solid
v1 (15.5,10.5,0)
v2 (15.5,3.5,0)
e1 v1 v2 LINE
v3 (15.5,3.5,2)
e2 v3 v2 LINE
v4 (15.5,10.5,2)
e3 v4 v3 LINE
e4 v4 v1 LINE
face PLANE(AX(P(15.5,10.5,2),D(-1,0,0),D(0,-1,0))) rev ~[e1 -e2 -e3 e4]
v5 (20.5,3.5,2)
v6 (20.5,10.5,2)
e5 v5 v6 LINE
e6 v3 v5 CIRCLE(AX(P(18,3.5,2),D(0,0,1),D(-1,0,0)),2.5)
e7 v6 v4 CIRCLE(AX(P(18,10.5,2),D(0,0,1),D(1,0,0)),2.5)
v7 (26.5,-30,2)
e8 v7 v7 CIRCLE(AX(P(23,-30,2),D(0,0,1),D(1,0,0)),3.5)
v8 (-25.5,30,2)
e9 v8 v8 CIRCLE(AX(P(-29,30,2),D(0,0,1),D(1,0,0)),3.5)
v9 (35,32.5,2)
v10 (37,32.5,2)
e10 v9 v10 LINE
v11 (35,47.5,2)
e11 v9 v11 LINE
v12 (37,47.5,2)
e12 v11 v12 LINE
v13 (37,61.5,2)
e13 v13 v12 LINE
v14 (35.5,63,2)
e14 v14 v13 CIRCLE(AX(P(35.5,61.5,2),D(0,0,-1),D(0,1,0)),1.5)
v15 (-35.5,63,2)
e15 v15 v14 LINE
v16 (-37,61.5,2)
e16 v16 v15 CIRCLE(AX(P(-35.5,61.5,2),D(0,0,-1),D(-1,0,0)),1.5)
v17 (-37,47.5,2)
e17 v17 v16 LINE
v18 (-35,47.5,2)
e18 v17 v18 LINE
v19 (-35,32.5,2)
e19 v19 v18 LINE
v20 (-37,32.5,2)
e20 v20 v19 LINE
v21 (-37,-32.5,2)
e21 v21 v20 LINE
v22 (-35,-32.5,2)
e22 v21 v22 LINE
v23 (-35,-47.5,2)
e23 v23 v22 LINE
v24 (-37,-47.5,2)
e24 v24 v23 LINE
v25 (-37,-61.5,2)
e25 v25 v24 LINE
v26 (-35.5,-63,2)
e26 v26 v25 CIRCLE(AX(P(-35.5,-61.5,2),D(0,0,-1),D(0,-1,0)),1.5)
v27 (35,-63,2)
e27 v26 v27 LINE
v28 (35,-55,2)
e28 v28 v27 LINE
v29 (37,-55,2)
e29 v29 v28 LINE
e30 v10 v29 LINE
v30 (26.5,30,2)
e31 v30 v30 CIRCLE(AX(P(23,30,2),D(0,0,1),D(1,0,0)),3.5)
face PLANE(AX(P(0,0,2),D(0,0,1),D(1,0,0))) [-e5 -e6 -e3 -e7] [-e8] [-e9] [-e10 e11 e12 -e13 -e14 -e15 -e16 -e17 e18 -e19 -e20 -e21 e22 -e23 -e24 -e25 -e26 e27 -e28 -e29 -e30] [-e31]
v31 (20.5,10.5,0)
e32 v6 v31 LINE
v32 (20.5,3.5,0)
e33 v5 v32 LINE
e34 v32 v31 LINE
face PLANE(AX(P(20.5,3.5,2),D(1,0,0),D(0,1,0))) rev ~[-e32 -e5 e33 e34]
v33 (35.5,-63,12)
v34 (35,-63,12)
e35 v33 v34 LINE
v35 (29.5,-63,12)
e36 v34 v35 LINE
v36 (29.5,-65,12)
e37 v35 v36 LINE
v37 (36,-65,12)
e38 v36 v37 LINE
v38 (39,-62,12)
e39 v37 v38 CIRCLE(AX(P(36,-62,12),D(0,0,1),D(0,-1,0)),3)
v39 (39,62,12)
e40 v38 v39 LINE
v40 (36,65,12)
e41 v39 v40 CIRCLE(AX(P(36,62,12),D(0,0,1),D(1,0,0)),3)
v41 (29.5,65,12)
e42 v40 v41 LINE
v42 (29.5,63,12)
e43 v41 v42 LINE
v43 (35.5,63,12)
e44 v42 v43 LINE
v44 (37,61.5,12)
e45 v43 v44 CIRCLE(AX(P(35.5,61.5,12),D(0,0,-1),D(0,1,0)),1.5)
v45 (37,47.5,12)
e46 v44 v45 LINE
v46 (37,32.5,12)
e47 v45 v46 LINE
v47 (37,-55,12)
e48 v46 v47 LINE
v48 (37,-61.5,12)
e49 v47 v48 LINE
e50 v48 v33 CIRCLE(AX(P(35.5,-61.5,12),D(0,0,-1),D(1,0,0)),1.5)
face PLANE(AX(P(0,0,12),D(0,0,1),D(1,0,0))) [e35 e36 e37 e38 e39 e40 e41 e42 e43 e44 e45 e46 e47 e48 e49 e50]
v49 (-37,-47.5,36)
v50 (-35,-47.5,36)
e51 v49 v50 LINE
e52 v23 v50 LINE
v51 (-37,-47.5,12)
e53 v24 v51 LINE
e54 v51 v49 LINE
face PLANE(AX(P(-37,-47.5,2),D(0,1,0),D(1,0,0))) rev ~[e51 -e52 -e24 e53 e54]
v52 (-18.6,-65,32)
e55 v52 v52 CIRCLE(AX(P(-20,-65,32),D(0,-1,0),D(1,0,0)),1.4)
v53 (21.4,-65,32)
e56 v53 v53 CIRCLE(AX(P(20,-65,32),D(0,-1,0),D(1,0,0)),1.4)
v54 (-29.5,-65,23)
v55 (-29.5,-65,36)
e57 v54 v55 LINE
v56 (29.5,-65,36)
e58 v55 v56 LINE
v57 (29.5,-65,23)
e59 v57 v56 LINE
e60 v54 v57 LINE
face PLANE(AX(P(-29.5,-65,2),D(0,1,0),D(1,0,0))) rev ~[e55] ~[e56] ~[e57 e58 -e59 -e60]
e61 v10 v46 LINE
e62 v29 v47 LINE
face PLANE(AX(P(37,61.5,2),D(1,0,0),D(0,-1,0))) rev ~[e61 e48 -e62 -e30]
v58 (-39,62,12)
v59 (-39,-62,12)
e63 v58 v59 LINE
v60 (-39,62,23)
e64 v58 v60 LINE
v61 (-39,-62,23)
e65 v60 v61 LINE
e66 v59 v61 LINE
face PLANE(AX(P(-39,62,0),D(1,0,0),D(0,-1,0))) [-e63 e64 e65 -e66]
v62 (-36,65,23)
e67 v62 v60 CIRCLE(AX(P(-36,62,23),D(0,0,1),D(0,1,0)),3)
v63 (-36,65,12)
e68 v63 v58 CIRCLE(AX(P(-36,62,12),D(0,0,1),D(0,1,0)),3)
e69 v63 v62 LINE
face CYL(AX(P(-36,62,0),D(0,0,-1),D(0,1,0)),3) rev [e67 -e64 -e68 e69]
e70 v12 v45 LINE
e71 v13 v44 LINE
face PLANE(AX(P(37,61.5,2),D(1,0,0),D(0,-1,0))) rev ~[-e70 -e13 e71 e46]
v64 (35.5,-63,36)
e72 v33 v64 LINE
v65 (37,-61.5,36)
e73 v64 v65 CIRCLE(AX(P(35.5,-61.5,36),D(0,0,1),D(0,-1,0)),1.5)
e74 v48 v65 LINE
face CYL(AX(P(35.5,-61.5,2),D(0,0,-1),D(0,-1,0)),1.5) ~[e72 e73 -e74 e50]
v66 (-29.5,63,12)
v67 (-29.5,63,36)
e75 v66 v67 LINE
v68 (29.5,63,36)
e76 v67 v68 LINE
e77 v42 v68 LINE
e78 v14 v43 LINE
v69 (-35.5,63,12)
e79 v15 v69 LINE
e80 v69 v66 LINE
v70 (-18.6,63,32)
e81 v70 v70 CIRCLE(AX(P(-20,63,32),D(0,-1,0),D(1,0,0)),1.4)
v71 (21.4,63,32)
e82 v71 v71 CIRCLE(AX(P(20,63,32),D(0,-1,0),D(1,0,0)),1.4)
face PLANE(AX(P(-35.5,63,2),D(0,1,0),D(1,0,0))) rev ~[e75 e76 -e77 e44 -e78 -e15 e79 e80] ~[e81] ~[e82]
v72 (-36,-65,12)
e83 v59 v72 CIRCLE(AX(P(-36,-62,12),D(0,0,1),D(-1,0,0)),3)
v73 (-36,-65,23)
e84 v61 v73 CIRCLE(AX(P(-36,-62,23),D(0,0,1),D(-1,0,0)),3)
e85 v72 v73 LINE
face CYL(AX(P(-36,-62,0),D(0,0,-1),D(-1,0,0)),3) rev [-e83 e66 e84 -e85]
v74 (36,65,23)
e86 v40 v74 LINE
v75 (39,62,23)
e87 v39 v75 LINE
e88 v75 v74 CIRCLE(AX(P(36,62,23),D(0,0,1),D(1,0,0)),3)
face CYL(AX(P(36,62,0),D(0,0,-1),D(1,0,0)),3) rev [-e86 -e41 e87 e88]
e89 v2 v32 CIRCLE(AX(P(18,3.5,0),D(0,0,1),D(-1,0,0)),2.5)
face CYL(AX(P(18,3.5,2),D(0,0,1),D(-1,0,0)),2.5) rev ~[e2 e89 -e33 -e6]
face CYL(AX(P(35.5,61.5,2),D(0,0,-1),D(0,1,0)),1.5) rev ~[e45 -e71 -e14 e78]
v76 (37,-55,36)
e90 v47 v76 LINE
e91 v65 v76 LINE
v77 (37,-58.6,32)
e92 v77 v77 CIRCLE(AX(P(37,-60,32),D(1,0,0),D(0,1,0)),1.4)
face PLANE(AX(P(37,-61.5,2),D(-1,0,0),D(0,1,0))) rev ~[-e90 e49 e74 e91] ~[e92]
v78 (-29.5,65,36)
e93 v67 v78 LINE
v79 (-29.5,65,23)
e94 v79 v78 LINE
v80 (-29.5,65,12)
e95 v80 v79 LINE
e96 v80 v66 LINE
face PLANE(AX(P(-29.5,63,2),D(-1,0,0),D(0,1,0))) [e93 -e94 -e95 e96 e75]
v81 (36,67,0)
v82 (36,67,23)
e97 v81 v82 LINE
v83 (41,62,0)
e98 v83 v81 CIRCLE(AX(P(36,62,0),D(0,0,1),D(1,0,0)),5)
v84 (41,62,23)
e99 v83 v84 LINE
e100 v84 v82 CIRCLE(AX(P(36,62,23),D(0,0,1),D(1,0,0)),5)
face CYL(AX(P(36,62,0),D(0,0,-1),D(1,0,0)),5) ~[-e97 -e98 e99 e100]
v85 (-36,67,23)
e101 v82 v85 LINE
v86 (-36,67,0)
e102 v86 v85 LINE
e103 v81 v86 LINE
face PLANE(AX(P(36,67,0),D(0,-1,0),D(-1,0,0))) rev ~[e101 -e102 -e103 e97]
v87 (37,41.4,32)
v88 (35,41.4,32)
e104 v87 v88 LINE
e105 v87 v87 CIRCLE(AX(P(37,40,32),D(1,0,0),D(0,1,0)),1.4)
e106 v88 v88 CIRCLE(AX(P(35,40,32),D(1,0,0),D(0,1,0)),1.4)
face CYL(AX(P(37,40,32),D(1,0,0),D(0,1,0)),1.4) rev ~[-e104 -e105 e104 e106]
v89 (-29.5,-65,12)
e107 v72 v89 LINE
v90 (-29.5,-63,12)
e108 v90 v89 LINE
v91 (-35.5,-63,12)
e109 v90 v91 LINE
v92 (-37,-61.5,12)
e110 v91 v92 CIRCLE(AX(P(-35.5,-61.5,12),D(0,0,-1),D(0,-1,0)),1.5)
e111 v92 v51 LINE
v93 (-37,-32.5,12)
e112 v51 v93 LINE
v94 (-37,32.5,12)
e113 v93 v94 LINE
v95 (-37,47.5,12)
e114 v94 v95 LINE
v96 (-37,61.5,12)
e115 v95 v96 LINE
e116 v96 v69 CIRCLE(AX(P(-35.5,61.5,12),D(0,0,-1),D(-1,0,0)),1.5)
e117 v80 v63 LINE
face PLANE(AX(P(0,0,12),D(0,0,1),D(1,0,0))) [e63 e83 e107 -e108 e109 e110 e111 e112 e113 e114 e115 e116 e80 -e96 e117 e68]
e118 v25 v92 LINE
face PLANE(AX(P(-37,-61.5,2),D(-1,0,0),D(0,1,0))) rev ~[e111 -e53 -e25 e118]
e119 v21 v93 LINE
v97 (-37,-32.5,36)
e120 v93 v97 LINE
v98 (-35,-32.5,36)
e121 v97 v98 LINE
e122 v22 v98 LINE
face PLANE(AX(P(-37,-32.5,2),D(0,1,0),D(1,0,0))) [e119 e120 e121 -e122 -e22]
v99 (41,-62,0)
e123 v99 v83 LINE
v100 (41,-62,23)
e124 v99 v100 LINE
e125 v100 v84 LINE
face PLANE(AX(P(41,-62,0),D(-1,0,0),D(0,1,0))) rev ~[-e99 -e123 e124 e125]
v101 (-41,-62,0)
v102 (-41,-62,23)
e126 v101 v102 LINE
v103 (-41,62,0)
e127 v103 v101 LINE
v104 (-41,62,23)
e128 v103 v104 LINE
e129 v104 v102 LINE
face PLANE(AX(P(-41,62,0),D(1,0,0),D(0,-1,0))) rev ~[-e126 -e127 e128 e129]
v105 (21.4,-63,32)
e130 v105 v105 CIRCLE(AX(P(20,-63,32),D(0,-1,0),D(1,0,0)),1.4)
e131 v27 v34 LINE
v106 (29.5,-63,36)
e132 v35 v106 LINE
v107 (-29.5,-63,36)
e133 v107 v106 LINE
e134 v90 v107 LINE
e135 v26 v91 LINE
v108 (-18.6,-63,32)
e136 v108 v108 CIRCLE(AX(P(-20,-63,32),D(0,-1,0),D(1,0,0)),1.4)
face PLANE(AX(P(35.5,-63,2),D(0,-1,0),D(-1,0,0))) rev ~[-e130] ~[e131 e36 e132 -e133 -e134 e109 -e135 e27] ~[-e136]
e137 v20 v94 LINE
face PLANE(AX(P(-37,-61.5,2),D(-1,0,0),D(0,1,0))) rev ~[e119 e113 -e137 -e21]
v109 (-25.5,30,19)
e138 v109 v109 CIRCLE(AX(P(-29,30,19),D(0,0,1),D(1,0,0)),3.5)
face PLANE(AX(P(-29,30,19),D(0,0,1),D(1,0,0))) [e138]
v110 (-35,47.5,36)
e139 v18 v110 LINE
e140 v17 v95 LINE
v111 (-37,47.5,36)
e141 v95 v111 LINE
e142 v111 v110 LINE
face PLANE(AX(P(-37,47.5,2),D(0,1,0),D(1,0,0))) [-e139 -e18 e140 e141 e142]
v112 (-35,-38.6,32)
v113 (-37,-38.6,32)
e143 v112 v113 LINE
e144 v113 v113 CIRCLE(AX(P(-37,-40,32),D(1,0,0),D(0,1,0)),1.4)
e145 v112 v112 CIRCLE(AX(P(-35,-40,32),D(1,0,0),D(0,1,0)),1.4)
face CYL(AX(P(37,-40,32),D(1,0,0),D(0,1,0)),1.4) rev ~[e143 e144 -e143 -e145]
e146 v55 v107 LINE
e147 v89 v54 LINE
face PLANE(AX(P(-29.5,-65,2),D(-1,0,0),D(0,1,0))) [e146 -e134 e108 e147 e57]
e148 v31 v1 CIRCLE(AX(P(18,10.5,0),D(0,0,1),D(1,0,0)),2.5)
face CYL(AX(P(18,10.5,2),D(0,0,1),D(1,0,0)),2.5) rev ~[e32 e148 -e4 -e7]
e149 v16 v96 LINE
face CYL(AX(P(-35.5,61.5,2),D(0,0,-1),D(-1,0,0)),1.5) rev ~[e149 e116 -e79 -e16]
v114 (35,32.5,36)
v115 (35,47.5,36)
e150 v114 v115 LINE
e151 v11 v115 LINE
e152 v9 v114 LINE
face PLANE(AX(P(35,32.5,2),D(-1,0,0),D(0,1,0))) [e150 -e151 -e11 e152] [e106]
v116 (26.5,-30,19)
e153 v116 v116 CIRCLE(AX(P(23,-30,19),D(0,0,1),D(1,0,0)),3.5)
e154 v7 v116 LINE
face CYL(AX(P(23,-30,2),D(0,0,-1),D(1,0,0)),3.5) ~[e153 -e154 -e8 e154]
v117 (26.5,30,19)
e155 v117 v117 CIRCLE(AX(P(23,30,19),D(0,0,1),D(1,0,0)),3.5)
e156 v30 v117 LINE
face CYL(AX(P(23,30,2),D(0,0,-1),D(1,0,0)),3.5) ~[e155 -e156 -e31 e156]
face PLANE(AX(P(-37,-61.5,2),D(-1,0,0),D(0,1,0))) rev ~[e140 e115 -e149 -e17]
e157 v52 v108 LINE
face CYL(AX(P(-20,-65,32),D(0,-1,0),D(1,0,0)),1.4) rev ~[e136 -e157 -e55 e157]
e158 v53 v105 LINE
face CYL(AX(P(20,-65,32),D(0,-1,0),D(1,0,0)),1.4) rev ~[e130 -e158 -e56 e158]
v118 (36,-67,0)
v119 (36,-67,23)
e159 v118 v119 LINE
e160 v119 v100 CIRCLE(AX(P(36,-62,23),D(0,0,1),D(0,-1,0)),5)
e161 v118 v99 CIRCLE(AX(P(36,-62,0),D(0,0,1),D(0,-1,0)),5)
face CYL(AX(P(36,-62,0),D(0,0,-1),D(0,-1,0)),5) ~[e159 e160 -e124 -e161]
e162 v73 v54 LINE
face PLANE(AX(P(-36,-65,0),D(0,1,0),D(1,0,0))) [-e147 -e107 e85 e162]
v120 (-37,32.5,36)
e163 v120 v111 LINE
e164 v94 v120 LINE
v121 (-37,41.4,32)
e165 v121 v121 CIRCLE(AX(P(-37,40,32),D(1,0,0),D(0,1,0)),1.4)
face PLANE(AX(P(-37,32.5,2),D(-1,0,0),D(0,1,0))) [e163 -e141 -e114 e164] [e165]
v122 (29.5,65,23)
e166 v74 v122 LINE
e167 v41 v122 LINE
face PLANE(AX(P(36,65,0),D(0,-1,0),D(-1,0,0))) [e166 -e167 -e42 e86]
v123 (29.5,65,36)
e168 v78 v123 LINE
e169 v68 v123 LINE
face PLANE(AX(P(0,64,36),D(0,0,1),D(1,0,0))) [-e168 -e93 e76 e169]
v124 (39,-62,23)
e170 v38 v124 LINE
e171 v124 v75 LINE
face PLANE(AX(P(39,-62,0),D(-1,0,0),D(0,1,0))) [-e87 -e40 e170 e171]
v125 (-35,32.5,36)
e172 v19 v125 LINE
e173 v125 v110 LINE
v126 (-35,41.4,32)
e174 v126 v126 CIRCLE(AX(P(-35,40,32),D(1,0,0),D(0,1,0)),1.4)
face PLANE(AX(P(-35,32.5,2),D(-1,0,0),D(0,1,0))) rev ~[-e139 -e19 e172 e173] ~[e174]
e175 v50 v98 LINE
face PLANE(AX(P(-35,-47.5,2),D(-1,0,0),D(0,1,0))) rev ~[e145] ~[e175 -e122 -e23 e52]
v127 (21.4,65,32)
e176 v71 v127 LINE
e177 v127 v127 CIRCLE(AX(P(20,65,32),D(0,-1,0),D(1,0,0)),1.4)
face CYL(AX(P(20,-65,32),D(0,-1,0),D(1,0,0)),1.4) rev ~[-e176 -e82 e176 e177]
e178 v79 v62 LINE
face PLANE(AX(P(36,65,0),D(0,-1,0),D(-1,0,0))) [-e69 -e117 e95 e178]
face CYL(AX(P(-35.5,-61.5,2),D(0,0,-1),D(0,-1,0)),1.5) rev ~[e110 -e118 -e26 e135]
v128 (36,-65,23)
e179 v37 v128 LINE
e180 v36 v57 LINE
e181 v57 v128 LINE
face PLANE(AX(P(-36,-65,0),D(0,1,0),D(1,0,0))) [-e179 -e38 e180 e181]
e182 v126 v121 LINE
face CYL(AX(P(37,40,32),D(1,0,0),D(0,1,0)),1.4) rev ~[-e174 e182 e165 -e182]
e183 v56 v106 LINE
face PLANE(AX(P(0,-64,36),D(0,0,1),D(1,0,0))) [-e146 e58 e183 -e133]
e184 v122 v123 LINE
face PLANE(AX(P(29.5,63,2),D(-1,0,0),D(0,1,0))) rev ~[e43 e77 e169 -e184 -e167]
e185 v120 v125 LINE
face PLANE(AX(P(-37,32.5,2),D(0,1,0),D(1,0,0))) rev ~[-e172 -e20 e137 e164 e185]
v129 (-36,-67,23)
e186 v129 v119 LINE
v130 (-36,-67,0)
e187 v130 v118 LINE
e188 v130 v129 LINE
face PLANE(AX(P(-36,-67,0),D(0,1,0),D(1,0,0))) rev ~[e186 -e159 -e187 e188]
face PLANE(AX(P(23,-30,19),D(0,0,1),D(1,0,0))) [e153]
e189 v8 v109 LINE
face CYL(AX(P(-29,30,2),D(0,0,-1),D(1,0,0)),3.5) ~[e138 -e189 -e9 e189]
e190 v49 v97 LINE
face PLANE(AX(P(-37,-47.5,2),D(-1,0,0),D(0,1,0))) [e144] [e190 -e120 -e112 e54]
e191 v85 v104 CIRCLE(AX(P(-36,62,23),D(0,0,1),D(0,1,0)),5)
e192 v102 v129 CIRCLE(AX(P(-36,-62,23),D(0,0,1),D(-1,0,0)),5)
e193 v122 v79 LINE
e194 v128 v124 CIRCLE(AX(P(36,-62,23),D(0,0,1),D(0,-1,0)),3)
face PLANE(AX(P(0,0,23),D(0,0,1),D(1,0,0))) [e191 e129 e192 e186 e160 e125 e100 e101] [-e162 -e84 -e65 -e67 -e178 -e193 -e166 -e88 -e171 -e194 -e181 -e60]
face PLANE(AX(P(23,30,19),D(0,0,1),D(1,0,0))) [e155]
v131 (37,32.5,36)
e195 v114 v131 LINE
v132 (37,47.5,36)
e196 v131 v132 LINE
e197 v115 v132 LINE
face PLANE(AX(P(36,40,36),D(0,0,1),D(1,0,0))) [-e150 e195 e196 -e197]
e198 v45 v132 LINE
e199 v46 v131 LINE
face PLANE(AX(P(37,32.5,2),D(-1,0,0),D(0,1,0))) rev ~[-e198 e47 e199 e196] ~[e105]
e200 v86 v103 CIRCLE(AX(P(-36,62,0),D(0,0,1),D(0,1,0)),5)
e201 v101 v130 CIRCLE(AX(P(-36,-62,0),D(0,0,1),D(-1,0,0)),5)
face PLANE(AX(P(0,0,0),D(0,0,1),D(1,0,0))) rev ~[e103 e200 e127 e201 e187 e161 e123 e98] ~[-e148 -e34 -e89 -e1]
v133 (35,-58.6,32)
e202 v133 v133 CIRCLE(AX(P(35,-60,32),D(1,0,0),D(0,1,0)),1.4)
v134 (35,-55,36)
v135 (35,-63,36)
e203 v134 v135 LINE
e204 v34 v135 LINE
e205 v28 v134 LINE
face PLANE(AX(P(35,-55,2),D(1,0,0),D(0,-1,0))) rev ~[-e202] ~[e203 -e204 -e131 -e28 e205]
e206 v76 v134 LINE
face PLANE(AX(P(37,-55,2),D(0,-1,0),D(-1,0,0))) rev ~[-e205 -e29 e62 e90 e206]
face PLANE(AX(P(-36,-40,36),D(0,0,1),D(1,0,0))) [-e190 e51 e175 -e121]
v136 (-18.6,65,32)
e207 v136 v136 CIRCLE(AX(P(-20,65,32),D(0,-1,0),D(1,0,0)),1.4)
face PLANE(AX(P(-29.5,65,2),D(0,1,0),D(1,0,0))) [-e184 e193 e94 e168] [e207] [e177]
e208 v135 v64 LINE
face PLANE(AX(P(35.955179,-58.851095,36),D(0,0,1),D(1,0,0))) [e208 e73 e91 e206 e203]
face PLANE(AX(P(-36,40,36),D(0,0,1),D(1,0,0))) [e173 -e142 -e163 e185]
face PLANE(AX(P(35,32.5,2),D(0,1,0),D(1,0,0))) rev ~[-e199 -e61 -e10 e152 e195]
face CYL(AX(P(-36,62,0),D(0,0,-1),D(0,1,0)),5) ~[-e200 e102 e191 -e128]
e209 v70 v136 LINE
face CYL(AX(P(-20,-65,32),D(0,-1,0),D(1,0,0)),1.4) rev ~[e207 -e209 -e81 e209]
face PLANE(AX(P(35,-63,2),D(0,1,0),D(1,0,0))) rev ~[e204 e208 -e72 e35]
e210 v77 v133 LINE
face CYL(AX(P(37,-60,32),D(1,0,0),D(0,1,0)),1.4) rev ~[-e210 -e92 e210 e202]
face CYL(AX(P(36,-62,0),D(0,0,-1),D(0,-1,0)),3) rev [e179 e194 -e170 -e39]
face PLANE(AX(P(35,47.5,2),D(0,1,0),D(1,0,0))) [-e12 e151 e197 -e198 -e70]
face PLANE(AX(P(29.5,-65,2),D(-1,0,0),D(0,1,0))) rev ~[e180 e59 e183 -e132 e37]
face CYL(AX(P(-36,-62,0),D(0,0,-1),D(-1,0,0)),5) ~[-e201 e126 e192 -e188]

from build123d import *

# Parameters (mm, degrees)
F1_DEPTH  = 23
F2_T      = -2
F3_R      = 3.5
F4_DEPTH  = 17
F5_DEPTH  = 2
F6_DEPTH  = 10
F7_W      = 59
F7_H      = 2
F7_W_2    = 2
F7_H_2    = 15
F8_DEPTH  = 34
F9_R      = 1.4
F10_DEPTH = 132.001
F11_R     = 1.4
F12_DEPTH = 78.001


with BuildPart() as f1:
    # F0 (on Top) → F1 (new body)
    with BuildSketch(Plane.XY):
        with BuildLine():
            Line((-36, -67), (36, -67))
            ThreePointArc((36, -67), (39.5355339059, -65.5355339059), (41, -62))
            Line((41, -62), (41, 62))
            ThreePointArc((41, 62), (39.5355339059, 65.5355339059), (36, 67))
            Line((36, 67), (-36, 67))
            ThreePointArc((-36, 67), (-39.5355339059, 65.5355339059), (-41, 62))
            Line((-41, 62), (-41, -62))
            ThreePointArc((-41, -62), (-39.5355339059, -65.5355339059), (-36, -67))
        make_face()
    extrude(amount=F1_DEPTH)

    # F2
    f2_openings = [f1.faces().sort_by_distance(p)[0] for p in [
        (0, 0, 23),
    ]]
    offset(amount=F2_T, openings=f2_openings)

    # F3 (on face) → F4 (join)
    with BuildSketch(Plane.XY.offset(2)):
        with Locations((-29, 30)):
            Circle(F3_R)
        with Locations((23, 30)):
            Circle(F3_R)
        with Locations((23, -30)):
            Circle(F3_R)
    extrude(amount=F4_DEPTH)

    # F3 (on face) → F5 (cut)
    with BuildSketch(Plane.XY.offset(2)):
        with BuildLine():
            ThreePointArc((15.5, 3.5), (18, 1), (20.5, 3.5))
            Line((20.5, 3.5), (20.5, 10.5))
            ThreePointArc((20.5, 10.5), (18, 13), (15.5, 10.5))
            Line((15.5, 10.5), (15.5, 3.5))
        make_face()
    extrude(amount=-F5_DEPTH, mode=Mode.SUBTRACT)

    # F3 (on face) → F6 (join)
    with BuildSketch(Plane.XY.offset(2)):
        with BuildLine():
            Line((-36, -65), (36, -65))
            ThreePointArc((36, -65), (38.1213203436, -64.1213203436), (39, -62))
            Line((39, -62), (39, 62))
            ThreePointArc((39, 62), (38.1213203436, 64.1213203436), (36, 65))
            Line((36, 65), (-36, 65))
            ThreePointArc((-36, 65), (-38.1213203436, 64.1213203436), (-39, 62))
            Line((-39, 62), (-39, -62))
            ThreePointArc((-39, -62), (-38.1213203436, -64.1213203436), (-36, -65))
        make_face()
        with BuildLine():
            ThreePointArc((37, -61.5), (36.5606601718, -62.5606601718), (35.5, -63))
            Line((35.5, -63), (-35.5, -63))
            ThreePointArc((-35.5, -63), (-36.5606601718, -62.5606601718), (-37, -61.5))
            Line((-37, -61.5), (-37, 61.5))
            ThreePointArc((-37, 61.5), (-36.5606601718, 62.5606601718), (-35.5, 63))
            Line((-35.5, 63), (35.5, 63))
            ThreePointArc((35.5, 63), (36.5606601718, 62.5606601718), (37, 61.5))
            Line((37, 61.5), (37, -61.5))
        make_face(mode=Mode.SUBTRACT)
    extrude(amount=F6_DEPTH)

    # F7 (on face) → F8 (join)
    with BuildSketch(Plane.XY.offset(2)):
        with Locations((0, 64)):
            Rectangle(F7_W, F7_H)
        with Locations((0, -64)):
            Rectangle(F7_W, F7_H)
        with Locations((-36, 40)):
            Rectangle(F7_W_2, F7_H_2)
        with Locations((-36, -40)):
            Rectangle(F7_W_2, F7_H_2)
        with Locations((36, 40)):
            Rectangle(F7_W_2, F7_H_2)
        with BuildLine():
            Line((37, -61.5), (37, -55))
            Line((37, -55), (35, -55))
            Line((35, -55), (35, -63))
            Line((35, -63), (35.5, -63))
            ThreePointArc((35.5, -63), (36.5606601718, -62.5606601718), (37, -61.5))
        make_face()
    extrude(amount=F8_DEPTH)

    # F9 (on face) → F10 (cut, through all)
    with BuildSketch(Plane.XZ.offset(65)):
        with Locations((-20, 32)):
            Circle(F9_R)
        with Locations((20, 32)):
            Circle(F9_R)
    extrude(amount=-F10_DEPTH, mode=Mode.SUBTRACT)

    # F11 (on face) → F12 (cut, through all)
    with BuildSketch(Plane.YZ.offset(37)):
        with Locations((40, 32)):
            Circle(F11_R)
        with Locations((-40, 32)):
            Circle(F11_R)
        with Locations((-60, 32)):
            Circle(F11_R)
    extrude(amount=-F12_DEPTH, mode=Mode.SUBTRACT)


solid = f1.part
